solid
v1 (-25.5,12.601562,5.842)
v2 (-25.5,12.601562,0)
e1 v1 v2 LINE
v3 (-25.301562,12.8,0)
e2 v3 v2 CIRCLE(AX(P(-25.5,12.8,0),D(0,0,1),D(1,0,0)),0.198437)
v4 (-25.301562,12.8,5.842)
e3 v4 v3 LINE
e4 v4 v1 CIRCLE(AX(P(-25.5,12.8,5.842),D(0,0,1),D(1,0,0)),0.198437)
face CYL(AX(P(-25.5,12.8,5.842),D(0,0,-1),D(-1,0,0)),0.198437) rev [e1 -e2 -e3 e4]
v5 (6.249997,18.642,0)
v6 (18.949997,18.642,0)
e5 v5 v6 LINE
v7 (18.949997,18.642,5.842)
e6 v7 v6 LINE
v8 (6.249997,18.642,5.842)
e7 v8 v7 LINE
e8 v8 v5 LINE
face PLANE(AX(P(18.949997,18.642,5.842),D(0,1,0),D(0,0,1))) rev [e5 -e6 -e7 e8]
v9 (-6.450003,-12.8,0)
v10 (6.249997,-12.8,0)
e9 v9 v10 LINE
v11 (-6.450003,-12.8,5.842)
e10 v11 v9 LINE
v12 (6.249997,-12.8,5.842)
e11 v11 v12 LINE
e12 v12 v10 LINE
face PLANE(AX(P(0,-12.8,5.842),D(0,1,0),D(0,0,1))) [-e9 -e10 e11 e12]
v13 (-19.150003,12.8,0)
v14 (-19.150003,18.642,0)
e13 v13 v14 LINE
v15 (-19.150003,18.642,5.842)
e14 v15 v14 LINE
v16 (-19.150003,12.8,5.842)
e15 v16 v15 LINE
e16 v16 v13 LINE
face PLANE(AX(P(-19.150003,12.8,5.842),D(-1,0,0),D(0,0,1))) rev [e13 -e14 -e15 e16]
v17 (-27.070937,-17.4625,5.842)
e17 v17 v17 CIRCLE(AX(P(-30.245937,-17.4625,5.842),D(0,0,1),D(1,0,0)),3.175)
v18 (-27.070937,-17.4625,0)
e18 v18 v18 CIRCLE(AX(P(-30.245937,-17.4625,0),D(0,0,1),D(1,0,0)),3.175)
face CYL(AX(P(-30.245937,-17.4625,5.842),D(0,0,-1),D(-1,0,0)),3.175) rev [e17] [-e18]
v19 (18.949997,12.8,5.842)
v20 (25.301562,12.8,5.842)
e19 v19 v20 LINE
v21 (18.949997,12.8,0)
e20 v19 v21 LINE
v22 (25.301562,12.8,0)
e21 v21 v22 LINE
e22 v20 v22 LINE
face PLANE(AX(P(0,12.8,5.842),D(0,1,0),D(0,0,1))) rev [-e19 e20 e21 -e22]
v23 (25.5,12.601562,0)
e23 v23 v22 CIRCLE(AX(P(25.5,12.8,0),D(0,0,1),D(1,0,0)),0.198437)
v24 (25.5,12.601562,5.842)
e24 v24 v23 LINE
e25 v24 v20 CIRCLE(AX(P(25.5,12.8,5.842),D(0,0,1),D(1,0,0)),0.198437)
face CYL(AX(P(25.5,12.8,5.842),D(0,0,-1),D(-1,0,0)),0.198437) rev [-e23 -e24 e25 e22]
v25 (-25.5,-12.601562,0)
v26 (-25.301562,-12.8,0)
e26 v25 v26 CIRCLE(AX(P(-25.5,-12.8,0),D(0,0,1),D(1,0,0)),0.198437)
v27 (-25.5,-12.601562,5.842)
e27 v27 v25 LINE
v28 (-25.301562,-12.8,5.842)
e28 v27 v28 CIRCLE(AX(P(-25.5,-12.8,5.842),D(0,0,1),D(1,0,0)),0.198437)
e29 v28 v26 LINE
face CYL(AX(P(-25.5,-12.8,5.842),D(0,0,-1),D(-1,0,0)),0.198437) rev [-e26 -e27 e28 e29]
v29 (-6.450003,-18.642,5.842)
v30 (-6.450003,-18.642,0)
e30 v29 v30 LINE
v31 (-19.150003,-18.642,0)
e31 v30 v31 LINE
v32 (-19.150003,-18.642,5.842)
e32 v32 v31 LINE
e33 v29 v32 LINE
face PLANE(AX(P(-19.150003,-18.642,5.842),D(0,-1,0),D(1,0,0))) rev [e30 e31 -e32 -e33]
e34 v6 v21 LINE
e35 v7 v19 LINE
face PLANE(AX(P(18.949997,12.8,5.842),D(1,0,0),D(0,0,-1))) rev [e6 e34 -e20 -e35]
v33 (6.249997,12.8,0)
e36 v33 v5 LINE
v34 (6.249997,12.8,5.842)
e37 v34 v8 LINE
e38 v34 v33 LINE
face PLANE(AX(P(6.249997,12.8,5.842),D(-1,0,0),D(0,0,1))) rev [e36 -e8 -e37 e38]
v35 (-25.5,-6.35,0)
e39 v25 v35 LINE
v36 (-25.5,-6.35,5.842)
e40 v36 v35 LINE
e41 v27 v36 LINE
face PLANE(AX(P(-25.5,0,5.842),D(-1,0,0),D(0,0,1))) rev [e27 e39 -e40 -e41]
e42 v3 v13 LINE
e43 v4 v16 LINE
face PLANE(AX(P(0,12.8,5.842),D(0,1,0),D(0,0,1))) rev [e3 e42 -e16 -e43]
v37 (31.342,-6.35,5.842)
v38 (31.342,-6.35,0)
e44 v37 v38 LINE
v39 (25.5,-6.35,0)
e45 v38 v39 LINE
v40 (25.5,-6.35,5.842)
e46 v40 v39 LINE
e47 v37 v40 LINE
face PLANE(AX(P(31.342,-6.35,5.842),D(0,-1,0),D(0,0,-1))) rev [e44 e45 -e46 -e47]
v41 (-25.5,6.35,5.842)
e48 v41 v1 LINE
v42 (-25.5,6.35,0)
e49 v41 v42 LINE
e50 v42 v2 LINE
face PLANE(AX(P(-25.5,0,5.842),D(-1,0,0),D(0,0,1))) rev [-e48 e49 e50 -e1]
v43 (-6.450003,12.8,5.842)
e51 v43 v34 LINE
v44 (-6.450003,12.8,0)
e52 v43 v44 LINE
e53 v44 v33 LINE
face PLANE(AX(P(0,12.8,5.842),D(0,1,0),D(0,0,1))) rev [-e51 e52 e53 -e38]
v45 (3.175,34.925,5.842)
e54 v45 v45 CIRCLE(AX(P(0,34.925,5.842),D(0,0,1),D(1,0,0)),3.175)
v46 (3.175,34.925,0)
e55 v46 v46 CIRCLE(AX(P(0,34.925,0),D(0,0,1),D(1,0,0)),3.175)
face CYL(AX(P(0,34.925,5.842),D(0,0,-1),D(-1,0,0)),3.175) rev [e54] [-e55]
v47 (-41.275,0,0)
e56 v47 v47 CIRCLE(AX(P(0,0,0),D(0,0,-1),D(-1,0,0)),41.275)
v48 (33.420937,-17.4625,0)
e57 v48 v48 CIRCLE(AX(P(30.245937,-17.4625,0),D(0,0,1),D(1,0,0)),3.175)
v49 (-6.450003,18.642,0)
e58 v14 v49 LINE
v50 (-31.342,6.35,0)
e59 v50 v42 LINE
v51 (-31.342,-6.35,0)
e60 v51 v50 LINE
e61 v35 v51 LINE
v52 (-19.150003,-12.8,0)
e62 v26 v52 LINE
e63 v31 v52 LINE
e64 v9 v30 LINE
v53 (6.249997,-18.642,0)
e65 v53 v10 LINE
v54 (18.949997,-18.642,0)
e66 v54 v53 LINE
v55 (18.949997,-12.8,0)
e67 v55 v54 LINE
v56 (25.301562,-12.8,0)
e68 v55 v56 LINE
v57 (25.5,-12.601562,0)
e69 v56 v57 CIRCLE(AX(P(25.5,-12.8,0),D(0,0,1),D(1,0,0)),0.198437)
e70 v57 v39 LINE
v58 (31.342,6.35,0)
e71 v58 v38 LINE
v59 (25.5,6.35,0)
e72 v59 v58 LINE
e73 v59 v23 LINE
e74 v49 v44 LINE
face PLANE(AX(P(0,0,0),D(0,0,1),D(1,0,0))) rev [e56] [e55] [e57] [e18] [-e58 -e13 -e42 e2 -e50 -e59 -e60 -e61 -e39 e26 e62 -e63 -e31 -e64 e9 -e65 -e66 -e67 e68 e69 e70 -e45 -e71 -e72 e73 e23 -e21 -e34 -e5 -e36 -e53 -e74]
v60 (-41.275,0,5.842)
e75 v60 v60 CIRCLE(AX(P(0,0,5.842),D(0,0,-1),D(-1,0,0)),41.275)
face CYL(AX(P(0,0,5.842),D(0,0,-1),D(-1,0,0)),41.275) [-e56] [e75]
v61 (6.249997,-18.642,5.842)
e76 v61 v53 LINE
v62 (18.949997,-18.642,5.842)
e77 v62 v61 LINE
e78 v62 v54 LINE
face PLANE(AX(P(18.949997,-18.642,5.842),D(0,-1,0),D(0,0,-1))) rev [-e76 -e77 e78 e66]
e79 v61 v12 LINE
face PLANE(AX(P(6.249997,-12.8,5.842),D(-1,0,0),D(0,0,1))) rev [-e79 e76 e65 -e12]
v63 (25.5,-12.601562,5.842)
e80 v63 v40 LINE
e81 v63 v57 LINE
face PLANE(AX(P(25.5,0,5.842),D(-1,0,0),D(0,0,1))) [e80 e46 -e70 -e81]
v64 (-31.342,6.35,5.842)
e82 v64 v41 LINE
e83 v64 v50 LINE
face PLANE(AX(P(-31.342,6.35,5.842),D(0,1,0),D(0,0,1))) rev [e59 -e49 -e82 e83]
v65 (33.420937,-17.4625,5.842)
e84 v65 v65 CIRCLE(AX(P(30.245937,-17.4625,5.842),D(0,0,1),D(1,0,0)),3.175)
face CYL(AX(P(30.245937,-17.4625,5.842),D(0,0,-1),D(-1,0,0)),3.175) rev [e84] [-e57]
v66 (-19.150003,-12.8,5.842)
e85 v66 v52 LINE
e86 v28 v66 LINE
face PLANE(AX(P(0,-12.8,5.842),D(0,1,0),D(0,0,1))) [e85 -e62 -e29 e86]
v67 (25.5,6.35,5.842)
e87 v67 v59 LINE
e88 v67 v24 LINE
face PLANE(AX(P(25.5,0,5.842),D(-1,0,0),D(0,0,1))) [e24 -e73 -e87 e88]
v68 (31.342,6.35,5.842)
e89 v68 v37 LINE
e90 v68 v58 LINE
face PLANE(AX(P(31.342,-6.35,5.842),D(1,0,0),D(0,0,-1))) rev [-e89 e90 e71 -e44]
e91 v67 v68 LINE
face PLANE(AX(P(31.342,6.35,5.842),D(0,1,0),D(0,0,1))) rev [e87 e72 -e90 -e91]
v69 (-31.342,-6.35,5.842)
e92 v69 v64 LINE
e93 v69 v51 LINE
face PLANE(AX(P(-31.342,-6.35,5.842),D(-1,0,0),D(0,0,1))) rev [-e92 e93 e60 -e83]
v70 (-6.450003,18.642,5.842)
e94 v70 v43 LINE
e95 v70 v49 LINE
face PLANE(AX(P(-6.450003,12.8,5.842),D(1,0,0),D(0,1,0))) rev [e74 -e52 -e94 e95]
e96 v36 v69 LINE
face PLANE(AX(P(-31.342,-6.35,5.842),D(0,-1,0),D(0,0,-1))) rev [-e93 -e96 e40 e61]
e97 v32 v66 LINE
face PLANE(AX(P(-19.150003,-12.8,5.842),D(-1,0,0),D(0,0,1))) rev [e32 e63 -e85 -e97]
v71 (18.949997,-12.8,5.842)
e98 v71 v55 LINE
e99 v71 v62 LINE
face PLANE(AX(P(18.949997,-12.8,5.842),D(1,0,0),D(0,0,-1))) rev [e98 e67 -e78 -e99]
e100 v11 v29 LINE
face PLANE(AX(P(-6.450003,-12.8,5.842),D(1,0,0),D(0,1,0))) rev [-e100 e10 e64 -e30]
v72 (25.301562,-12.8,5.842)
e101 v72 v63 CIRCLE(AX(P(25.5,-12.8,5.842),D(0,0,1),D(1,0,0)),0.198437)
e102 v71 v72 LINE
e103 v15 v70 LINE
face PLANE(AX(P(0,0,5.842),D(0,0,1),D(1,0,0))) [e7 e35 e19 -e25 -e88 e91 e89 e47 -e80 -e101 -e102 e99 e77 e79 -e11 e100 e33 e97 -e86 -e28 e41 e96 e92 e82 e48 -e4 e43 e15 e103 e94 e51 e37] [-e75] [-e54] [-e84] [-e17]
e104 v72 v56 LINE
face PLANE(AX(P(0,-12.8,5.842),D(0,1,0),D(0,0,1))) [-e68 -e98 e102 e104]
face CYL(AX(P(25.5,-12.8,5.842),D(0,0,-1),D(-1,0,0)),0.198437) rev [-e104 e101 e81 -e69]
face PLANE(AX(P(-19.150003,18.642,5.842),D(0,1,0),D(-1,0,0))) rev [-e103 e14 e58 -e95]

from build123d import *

# Parameters (mm, degrees)
SKETCH1_R           = 41.275
SKETCH1_R_2         = 3.175
BOSS_EXTRUDE1_DEPTH = 5.842
SKETCH7_R           = 41.275
SKETCH7_R_2         = 39.487499946
CUT_EXTRUDE3_DEPTH  = 59.663278241
SKETCH8_W           = 5.842
SKETCH8_H           = 12.7
SKETCH8_W_2         = 12.7
SKETCH8_H_2         = 5.842
CUT_EXTRUDE4_DEPTH  = 57.148501921
SKETCH9_R           = 41.275
SKETCH9_R_2         = 39.487499946
BOSS_EXTRUDE2_DEPTH = 5.842


with BuildPart() as part:
    # Sketch1 → Boss-Extrude1 (new body)
    with BuildSketch(Plane.XY):
        Circle(SKETCH1_R)
        with Locations((0, 34.925)):
            Circle(SKETCH1_R_2, mode=Mode.SUBTRACT)
        with Locations((30.245937227, -17.4625)):
            Circle(SKETCH1_R_2, mode=Mode.SUBTRACT)
        with Locations((-30.245937227, -17.4625)):
            Circle(SKETCH1_R_2, mode=Mode.SUBTRACT)
        with BuildLine():
            Line((-25.3015625, -12.8), (25.3015625, -12.8))
            ThreePointArc((25.3015625, -12.8), (25.640316502, -12.940316502), (25.5, -12.6015625))
            Line((25.5, -12.6015625), (25.5, 12.6015625))
            ThreePointArc((25.5, 12.6015625), (25.640316502, 12.940316502), (25.3015625, 12.8))
            Line((25.3015625, 12.8), (-25.3015625, 12.8))
            ThreePointArc((-25.3015625, 12.8), (-25.640316502, 12.940316502), (-25.5, 12.6015625))
            Line((-25.5, 12.6015625), (-25.5, -12.6015625))
            ThreePointArc((-25.5, -12.6015625), (-25.640316502, -12.940316502), (-25.3015625, -12.8))
        make_face(mode=Mode.SUBTRACT)
    extrude(amount=BOSS_EXTRUDE1_DEPTH)

    # Sketch7 → Cut-Extrude3 (cut, through all)
    with BuildSketch(Plane(origin=(0, 0, 0), x_dir=(-1, 0, 0), z_dir=(0, 0, -1))):
        Circle(SKETCH7_R)
        Circle(SKETCH7_R_2, mode=Mode.SUBTRACT)
    extrude(amount=-CUT_EXTRUDE3_DEPTH, mode=Mode.SUBTRACT)

    # Sketch8 → Cut-Extrude4 (cut, through all)
    with BuildSketch(Plane(origin=(0, 0, 0), x_dir=(-1, 0, 0), z_dir=(0, 0, -1))):
        with Locations((-28.421, 0)):
            Rectangle(SKETCH8_W, SKETCH8_H)
        with Locations((-12.599996942, 15.721)):
            Rectangle(SKETCH8_W_2, SKETCH8_H_2)
        with Locations((12.800003058, 15.721)):
            Rectangle(SKETCH8_W_2, SKETCH8_H_2)
        with Locations((12.800003058, -15.721)):
            Rectangle(SKETCH8_W_2, SKETCH8_H_2)
        with Locations((-12.599996942, -15.721)):
            Rectangle(SKETCH8_W_2, SKETCH8_H_2)
        with Locations((28.421, 0)):
            Rectangle(SKETCH8_W, SKETCH8_H)
    extrude(amount=-CUT_EXTRUDE4_DEPTH, mode=Mode.SUBTRACT)

    # Sketch9 → Boss-Extrude2 (add)
    with BuildSketch(Plane(origin=(0, 0, 0), x_dir=(-1, 0, 0), z_dir=(0, 0, -1))):
        Circle(SKETCH9_R)
        Circle(SKETCH9_R_2, mode=Mode.SUBTRACT)
    extrude(amount=-BOSS_EXTRUDE2_DEPTH)


solid = part.part
